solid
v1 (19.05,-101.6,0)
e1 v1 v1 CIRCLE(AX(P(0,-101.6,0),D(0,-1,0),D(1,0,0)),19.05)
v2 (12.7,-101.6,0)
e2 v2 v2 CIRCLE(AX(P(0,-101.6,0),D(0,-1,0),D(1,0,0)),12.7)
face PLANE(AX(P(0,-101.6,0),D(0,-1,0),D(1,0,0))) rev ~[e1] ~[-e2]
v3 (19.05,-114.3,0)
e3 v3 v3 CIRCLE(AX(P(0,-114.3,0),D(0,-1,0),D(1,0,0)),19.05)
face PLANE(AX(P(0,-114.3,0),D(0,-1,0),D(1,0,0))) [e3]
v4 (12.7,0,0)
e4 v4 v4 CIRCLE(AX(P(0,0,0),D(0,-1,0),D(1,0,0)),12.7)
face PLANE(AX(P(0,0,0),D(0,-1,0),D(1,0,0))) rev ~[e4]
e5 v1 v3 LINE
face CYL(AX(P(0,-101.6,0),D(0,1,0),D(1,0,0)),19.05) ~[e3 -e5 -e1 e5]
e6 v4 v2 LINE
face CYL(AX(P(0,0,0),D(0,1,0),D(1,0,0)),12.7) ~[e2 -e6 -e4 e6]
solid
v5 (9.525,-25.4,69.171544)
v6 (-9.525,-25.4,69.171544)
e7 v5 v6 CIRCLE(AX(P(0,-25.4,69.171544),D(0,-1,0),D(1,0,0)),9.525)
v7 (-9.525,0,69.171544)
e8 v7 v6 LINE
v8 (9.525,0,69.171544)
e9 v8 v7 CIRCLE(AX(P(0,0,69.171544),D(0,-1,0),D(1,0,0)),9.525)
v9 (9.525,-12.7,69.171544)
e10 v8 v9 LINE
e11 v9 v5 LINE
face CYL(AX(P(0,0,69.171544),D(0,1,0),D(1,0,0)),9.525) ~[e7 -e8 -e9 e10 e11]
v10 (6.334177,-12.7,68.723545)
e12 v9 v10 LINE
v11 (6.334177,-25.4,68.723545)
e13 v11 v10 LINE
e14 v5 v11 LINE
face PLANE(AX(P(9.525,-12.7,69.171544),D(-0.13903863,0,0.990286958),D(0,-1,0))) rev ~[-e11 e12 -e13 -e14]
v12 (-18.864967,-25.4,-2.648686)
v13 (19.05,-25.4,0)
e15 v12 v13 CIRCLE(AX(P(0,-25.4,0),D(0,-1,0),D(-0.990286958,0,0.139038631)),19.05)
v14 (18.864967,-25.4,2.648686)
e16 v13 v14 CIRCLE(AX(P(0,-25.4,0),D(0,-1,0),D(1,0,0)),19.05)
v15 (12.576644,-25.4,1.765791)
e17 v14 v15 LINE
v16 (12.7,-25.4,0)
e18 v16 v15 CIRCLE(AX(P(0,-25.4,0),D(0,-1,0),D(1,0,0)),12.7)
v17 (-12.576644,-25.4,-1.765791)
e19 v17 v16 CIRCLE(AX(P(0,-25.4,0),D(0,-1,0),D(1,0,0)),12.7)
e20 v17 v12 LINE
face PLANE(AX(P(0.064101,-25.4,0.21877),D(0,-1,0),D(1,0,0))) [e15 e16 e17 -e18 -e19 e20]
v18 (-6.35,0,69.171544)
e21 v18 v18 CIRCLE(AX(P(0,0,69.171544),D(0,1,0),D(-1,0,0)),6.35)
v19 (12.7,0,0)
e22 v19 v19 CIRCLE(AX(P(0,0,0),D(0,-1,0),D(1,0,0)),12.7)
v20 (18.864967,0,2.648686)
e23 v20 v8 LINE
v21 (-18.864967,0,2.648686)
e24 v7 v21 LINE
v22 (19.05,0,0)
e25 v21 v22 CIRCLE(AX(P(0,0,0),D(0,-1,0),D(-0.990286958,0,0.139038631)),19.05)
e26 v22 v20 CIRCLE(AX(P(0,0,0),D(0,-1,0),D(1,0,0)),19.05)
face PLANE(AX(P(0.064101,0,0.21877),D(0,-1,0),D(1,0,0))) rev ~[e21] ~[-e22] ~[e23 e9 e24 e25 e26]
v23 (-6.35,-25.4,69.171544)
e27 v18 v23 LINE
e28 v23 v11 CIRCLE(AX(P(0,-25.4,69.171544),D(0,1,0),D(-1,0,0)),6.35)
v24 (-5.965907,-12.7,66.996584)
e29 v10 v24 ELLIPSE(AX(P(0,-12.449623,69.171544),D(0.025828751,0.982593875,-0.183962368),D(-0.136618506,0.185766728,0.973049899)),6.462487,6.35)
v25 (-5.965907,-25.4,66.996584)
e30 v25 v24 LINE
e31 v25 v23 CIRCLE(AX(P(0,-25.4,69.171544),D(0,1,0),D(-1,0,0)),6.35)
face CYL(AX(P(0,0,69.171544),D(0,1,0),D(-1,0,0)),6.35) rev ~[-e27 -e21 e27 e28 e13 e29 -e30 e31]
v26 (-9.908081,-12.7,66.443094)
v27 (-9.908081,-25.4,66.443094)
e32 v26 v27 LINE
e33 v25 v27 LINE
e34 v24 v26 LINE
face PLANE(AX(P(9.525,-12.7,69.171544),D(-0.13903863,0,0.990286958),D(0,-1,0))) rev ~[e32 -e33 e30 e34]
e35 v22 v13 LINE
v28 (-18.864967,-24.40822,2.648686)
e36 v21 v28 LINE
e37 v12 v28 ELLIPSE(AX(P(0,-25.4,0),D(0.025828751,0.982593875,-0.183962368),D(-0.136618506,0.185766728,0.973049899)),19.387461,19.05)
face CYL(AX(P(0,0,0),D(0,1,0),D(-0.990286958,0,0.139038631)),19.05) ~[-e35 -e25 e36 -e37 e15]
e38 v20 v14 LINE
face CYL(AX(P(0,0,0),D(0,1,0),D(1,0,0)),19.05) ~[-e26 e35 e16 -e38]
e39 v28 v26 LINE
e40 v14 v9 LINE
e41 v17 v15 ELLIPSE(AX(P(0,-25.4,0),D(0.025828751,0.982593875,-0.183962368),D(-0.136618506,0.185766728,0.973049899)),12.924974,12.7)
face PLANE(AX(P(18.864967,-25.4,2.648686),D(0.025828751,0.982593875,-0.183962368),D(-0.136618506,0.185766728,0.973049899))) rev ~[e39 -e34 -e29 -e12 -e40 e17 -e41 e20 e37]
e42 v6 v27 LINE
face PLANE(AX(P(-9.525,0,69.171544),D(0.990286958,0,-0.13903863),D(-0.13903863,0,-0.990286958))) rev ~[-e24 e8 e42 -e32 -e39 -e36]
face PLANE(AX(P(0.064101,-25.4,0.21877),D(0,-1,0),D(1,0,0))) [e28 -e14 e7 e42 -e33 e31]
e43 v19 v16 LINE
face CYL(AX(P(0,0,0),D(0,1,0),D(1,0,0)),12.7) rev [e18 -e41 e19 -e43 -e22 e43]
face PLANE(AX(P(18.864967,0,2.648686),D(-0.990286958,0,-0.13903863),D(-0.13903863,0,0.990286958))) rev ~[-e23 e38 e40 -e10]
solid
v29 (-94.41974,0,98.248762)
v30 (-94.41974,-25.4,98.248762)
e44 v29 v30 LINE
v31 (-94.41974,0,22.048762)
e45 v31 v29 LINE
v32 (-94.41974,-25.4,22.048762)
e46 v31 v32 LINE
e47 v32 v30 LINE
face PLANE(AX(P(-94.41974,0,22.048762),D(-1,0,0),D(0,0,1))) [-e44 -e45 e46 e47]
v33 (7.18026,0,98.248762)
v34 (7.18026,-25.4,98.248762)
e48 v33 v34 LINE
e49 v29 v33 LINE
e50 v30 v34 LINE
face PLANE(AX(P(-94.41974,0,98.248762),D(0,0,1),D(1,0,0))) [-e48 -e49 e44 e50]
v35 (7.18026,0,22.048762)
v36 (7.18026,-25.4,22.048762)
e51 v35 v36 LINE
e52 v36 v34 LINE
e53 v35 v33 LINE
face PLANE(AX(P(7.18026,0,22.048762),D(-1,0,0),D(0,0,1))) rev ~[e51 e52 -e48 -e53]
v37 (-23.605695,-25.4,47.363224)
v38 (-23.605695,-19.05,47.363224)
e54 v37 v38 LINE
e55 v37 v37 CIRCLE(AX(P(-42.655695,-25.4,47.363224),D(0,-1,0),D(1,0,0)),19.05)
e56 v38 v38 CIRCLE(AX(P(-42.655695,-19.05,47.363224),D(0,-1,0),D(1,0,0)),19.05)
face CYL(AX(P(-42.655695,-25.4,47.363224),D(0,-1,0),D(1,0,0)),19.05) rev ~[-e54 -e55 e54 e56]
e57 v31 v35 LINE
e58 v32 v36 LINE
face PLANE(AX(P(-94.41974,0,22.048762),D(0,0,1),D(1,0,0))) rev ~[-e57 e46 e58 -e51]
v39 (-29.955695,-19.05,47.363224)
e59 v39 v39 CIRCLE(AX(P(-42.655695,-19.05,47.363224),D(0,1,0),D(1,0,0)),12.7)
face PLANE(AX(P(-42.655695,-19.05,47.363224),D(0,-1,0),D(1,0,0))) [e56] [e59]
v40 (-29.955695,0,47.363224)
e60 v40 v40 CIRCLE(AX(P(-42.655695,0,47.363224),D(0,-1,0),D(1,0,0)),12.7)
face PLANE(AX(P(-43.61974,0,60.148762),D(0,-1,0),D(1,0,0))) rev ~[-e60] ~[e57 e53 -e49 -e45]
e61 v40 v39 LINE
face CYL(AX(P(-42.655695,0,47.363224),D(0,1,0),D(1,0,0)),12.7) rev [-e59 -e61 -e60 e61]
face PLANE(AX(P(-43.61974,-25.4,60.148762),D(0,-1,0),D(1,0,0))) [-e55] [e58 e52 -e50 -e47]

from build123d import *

# Parameters (mm, degrees)
F0_R      = 12.7
F1_DEPTH  = 101.6
F2_W      = 101.6
F2_H      = 76.2
F2_R      = 12.7
F3_DEPTH  = 25.4
F4_R      = 19.05
F5_DEPTH  = 12.7
F6_R      = 19.05
F7_DEPTH  = 6.35
F8_R      = 12.7
F9_DEPTH  = 25.4
F11_DEPTH = 115.2023226911


with BuildPart() as f1:
    # F0 (on Front) → F1 (new body)
    with BuildSketch(Plane.XZ):
        Circle(F0_R)
    extrude(amount=F1_DEPTH)

    # F4 (on face) → F5 (join)
    with BuildSketch(Plane.XZ.offset(101.6)):
        Circle(F4_R)
    extrude(amount=F5_DEPTH)


with BuildPart() as f3:
    # F2 (on Front) → F3 (new body)
    with BuildSketch(Plane.XZ):
        with Locations((-43.6197396773, 60.1487620682)):
            Rectangle(F2_W, F2_H)
        with Locations((-42.6556950318, 47.3632244934)):
            Circle(F2_R, mode=Mode.SUBTRACT)
    extrude(amount=F3_DEPTH)

    # F6 (on face) → F7 (cut)
    with BuildSketch(Plane.XZ.offset(25.4)):
        with Locations((-42.6556950318, 47.3632244934)):
            Circle(F6_R)
    extrude(amount=-F7_DEPTH, mode=Mode.SUBTRACT)


with BuildPart() as f9:
    # F8 (on Front) → F9 (new body)
    with BuildSketch(Plane.XZ):
        with BuildLine():
            ThreePointArc((-18.8649665496, 2.6486859164), (-1.3275705689, -19.0036853369), (19.05, 0))
            ThreePointArc((19.05, 0), (19.0036853383, 1.3275705492), (18.8649665551, 2.6486858773))
            ThreePointArc((18.8649665551, 2.6486858773), (1.98e-08, 19.05), (-18.8649665496, 2.6486859164))
        make_face()
        Circle(F8_R, mode=Mode.SUBTRACT)
        with BuildLine():
            ThreePointArc((-18.8649665496, 2.6486859164), (1.98e-08, 19.05), (18.8649665551, 2.6486858773))
            Line((18.8649665551, 2.6486858773), (9.525, 69.1715440215))
            ThreePointArc((9.525, 69.1715440215), (0, 59.6465440215), (-9.525, 69.1715440215))
            Line((-9.525, 69.1715440215), (-18.8649665496, 2.6486859164))
        make_face()
        with BuildLine():
            Line((6.35, 69.1715440215), (9.525, 69.1715440215))
            ThreePointArc((9.525, 69.1715440215), (0, 78.6965440215), (-9.525, 69.1715440215))
            Line((-9.525, 69.1715440215), (-6.35, 69.1715440215))
            ThreePointArc((-6.35, 69.1715440215), (0, 75.5215440215), (6.35, 69.1715440215))
        make_face()
        with BuildLine():
            ThreePointArc((-9.525, 69.1715440215), (0, 59.6465440215), (9.525, 69.1715440215))
            Line((9.525, 69.1715440215), (6.35, 69.1715440215))
            ThreePointArc((6.35, 69.1715440215), (0, 62.8215440215), (-6.35, 69.1715440215))
            Line((-6.35, 69.1715440215), (-9.525, 69.1715440215))
        make_face()
    extrude(amount=F9_DEPTH)

    # F10 (on face) → F11 (cut, through all)
    with BuildSketch(Plane(origin=(18.8649665513, 0, 2.6486859039), x_dir=(0, 1, 0), z_dir=(0.9902869581, 0, 0.1390386301))):
        Polygon((-25.4, 0), (-12.7, 67.1753349625), (-25.4, 67.1753349625), align=None)
    extrude(amount=-F11_DEPTH, mode=Mode.SUBTRACT)


solid = Compound([f1.part, f3.part, f9.part])
